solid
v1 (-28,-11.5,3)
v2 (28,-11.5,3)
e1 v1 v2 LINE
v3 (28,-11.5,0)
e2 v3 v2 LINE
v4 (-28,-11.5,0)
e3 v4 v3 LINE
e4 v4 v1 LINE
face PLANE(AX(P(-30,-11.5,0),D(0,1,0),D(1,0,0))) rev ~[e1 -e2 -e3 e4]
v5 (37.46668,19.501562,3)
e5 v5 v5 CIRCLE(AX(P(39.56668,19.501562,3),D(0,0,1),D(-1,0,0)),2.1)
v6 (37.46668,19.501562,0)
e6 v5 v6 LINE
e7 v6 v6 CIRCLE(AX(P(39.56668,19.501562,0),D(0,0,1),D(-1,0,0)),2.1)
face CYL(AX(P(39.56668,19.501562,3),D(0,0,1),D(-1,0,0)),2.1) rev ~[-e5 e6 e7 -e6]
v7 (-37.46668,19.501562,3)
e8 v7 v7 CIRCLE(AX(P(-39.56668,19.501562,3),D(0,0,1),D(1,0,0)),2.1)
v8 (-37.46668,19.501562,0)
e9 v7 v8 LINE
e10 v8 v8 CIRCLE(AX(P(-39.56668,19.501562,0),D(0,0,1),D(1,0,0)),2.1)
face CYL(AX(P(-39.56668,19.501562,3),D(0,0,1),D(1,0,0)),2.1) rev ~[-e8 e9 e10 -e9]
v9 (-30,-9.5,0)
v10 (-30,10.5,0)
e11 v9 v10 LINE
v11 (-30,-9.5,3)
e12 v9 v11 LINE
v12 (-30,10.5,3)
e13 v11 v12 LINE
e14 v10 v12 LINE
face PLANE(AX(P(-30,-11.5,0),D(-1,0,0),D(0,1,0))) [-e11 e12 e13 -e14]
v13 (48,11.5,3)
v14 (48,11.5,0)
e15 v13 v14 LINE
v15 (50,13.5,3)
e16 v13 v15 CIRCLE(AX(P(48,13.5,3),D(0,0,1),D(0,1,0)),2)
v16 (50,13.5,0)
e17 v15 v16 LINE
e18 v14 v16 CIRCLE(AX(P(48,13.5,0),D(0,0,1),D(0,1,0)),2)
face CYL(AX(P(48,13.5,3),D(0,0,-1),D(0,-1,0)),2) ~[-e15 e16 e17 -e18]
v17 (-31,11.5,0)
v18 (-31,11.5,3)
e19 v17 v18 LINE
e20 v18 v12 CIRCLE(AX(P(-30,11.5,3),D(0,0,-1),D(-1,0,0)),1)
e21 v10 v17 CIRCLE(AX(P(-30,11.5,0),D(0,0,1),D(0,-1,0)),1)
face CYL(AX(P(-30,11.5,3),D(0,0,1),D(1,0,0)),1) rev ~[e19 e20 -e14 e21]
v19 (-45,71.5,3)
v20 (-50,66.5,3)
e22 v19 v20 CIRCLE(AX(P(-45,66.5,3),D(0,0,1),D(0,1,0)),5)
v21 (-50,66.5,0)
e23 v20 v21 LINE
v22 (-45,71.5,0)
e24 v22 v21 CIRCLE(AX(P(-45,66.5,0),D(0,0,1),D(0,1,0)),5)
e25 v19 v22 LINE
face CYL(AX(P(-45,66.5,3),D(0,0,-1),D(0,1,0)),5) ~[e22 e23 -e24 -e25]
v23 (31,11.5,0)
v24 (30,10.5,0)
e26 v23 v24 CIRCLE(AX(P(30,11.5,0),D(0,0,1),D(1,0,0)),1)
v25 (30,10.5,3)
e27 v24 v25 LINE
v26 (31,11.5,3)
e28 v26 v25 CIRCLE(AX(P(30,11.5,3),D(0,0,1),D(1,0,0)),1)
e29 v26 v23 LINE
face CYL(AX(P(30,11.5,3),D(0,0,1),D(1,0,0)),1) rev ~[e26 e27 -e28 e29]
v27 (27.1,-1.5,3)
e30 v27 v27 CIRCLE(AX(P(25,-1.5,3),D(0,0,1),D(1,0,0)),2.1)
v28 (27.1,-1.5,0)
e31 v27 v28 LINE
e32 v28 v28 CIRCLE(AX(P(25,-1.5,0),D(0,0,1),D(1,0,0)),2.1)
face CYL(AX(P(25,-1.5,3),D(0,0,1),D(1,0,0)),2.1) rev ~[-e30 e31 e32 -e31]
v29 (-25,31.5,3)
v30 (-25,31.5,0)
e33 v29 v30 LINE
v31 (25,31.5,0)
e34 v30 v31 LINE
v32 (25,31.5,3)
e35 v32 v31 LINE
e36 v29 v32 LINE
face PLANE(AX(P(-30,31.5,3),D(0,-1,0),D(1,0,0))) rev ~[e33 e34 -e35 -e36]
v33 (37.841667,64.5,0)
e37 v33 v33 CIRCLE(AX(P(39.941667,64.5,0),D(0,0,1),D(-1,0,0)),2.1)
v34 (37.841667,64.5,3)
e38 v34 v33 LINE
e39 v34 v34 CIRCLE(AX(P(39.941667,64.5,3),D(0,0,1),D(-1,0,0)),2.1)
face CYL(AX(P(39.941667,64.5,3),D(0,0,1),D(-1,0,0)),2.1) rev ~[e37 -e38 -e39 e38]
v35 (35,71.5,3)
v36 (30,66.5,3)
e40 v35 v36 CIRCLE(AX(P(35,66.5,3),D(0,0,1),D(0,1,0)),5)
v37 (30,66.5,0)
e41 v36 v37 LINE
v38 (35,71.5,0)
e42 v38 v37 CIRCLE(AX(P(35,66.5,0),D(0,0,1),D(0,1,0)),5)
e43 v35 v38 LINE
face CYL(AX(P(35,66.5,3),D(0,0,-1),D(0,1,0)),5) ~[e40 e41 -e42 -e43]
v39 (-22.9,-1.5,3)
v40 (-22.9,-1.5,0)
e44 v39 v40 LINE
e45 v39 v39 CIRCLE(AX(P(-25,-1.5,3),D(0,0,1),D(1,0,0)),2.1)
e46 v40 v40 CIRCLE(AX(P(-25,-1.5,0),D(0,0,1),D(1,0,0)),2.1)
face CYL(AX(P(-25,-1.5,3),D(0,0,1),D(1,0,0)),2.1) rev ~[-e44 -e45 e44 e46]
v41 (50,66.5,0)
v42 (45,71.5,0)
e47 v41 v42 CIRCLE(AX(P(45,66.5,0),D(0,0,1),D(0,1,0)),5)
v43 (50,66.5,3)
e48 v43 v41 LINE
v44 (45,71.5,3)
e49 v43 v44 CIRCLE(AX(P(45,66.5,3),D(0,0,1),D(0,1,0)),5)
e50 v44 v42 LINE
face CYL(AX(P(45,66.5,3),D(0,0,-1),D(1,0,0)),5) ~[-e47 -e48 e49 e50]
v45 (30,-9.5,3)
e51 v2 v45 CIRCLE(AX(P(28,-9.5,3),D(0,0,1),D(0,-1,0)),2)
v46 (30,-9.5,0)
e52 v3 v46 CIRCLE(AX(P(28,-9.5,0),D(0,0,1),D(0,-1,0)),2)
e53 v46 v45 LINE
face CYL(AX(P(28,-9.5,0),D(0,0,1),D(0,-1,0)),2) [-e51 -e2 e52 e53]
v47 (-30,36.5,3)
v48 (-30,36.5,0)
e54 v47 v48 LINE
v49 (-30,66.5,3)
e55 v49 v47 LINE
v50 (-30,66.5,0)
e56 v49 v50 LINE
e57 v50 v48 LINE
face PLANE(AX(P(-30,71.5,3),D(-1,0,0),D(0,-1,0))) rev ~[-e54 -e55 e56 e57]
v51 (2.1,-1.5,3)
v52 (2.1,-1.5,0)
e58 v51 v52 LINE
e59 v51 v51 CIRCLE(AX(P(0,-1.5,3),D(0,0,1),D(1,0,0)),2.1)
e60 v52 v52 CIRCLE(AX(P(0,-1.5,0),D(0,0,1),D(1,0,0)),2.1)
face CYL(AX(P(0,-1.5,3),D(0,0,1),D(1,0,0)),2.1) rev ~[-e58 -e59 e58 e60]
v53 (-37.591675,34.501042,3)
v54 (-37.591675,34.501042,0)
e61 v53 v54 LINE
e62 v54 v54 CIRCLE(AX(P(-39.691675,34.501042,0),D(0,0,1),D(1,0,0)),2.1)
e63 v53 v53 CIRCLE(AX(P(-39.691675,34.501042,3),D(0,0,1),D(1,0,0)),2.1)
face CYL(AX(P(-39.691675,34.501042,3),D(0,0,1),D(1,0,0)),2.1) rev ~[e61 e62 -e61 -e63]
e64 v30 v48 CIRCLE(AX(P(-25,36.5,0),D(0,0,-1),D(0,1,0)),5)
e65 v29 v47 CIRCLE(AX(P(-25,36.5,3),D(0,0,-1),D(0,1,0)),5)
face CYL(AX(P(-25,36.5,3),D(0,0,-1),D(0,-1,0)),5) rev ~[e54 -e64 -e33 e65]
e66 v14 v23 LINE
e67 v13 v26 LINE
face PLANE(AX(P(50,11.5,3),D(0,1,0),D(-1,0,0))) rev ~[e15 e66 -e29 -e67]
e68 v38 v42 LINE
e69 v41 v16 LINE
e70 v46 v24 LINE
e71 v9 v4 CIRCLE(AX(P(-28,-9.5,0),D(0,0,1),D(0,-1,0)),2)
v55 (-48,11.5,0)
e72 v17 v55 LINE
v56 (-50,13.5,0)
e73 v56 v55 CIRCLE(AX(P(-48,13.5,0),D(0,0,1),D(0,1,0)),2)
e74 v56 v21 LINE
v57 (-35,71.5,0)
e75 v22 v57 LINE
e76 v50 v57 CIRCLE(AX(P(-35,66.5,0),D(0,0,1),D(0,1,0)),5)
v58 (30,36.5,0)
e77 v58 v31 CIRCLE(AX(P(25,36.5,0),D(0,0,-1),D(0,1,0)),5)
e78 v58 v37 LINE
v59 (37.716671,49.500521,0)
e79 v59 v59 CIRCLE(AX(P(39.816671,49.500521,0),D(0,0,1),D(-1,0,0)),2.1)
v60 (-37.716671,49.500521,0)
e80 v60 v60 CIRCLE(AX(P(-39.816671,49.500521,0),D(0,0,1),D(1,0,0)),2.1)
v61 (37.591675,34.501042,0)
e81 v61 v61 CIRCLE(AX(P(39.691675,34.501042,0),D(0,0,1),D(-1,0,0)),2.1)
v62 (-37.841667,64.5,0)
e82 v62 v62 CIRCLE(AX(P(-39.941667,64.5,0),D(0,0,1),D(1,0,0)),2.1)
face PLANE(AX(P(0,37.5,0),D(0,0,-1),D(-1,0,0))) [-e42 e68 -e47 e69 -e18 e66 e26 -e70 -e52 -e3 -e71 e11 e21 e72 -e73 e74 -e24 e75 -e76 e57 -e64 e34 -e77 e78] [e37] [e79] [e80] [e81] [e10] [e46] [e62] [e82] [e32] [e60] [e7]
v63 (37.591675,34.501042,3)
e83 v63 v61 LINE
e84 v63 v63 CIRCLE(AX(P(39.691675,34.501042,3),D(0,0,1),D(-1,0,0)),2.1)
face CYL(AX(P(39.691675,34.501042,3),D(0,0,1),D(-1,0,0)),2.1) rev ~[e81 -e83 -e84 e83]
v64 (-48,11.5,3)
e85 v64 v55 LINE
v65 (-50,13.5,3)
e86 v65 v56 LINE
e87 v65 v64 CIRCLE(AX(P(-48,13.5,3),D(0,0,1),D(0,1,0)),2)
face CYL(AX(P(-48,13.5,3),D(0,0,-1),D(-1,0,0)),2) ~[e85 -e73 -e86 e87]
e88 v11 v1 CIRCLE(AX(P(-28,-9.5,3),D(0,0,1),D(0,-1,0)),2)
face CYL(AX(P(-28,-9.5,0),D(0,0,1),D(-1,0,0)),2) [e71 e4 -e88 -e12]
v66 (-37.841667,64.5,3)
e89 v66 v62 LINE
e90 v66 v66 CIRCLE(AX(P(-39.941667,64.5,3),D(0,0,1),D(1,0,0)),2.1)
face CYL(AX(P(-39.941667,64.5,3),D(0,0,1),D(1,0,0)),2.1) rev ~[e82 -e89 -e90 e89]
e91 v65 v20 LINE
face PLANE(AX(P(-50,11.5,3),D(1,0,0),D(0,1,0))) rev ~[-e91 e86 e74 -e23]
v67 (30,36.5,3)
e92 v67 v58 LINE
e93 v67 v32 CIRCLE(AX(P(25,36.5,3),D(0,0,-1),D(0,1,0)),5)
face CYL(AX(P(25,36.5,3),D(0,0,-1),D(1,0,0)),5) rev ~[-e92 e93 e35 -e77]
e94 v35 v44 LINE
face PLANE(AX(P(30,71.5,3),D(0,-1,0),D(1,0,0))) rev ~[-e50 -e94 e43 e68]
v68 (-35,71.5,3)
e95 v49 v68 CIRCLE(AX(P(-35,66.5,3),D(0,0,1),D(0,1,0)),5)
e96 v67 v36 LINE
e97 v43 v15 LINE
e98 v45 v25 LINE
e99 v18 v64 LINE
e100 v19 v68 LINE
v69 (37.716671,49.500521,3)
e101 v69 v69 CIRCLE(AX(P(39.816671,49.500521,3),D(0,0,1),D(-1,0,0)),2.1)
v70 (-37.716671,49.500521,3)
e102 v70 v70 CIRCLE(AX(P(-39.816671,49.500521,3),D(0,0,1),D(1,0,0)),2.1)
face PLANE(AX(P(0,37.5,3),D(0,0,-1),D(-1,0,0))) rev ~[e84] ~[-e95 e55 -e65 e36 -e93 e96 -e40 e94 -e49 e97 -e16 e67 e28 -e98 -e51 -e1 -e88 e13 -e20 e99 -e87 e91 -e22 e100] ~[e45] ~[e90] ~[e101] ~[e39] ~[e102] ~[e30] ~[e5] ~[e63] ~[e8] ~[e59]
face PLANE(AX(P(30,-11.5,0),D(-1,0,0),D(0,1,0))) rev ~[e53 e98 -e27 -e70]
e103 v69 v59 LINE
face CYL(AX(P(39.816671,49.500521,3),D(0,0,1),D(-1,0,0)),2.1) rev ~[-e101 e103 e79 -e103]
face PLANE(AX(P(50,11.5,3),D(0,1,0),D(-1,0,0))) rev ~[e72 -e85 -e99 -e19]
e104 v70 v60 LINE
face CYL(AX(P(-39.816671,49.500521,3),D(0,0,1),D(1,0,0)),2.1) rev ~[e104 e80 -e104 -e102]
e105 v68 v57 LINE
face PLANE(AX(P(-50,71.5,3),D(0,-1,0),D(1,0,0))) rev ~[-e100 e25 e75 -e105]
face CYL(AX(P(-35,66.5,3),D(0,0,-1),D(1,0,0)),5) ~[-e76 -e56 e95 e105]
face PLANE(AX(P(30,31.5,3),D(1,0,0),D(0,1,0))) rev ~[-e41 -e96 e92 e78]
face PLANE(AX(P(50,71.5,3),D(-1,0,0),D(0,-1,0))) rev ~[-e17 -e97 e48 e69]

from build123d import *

# Parameters (mm, degrees)
SKETCH1_W           = 60
SKETCH1_H           = 23
BOSS_EXTRUDE1_DEPTH = 3
BOSS_EXTRUDE2_DEPTH = 3
SKETCH3_R           = 1
CUT_EXTRUDE1_DEPTH  = 88.299770905
FILLET1_R           = 2
SKETCH4_R           = 2.1
CUT_EXTRUDE2_DEPTH  = 88.299770905
SKETCH5_R           = 2.1
CUT_EXTRUDE3_DEPTH  = 88.299770905
FILLET2_R           = 5


with BuildPart() as part:
    # Sketch1 → Boss-Extrude1 (new body)
    with BuildSketch(Plane.XY):
        Rectangle(SKETCH1_W, SKETCH1_H)
    extrude(amount=BOSS_EXTRUDE1_DEPTH)

    # Sketch2 → Boss-Extrude2 (add)
    with BuildSketch(Plane.XY.offset(3)):
        Polygon((50, 11.5), (-50, 11.5), (-50, 71.5), (-30, 71.5), (-30, 31.5), (30, 31.5), (30, 71.5), (50, 71.5), align=None)
    extrude(amount=-BOSS_EXTRUDE2_DEPTH)

    # Sketch3 → Cut-Extrude1 (cut, through all)
    with BuildSketch(Plane.XY.offset(3)):
        with Locations((-30, 11.5)):
            Circle(SKETCH3_R)
        with Locations((30, 11.5)):
            Circle(SKETCH3_R)
    extrude(amount=-CUT_EXTRUDE1_DEPTH, mode=Mode.SUBTRACT)

    # Fillet1
    fillet1_edges = [part.edges().sort_by_distance(p)[0] for p in [
        (50, 11.5, 1.5),
        (-50, 11.5, 1.5),
        (30, -11.5, 1.5),
        (-30, -11.5, 1.5),
    ]]
    fillet(fillet1_edges, radius=FILLET1_R)

    # Sketch4 → Cut-Extrude2 (cut, through all)
    with BuildSketch(Plane.XY.offset(3)):
        with Locations((-25, -1.5)):
            Circle(SKETCH4_R)
        with Locations((0, -1.5)):
            Circle(SKETCH4_R)
        with Locations((25, -1.5)):
            Circle(SKETCH4_R)
    extrude(amount=-CUT_EXTRUDE2_DEPTH, mode=Mode.SUBTRACT)

    # Sketch5 → Cut-Extrude3 (cut, through all)
    with BuildSketch(Plane.XY.offset(3)):
        with Locations((-39.941666667, 64.5)):
            Circle(SKETCH5_R)
        with Locations((-39.816671007, 49.500520806)):
            Circle(SKETCH5_R)
        with Locations((-39.691675347, 34.501041612)):
            Circle(SKETCH5_R)
        with Locations((-39.566679687, 19.501562419)):
            Circle(SKETCH5_R)
        with Locations(Location((39.566679687, 19.501562419, 0), (0, 0, 180))):
            Circle(SKETCH5_R)
        with Locations(Location((39.691675347, 34.501041612, 0), (0, 0, 180))):
            Circle(SKETCH5_R)
        with Locations(Location((39.816671007, 49.500520806, 0), (0, 0, 180))):
            Circle(SKETCH5_R)
        with Locations(Location((39.941666667, 64.5, 0), (0, 0, 180))):
            Circle(SKETCH5_R)
    extrude(amount=-CUT_EXTRUDE3_DEPTH, mode=Mode.SUBTRACT)

    # Fillet2
    fillet2_edges = [part.edges().sort_by_distance(p)[0] for p in [
        (50, 71.5, 1.5),
        (30, 71.5, 1.5),
        (30, 31.5, 1.5),
        (-30, 31.5, 1.5),
        (-30, 71.5, 1.5),
        (-50, 71.5, 1.5),
    ]]
    fillet(fillet2_edges, radius=FILLET2_R)


solid = part.part
